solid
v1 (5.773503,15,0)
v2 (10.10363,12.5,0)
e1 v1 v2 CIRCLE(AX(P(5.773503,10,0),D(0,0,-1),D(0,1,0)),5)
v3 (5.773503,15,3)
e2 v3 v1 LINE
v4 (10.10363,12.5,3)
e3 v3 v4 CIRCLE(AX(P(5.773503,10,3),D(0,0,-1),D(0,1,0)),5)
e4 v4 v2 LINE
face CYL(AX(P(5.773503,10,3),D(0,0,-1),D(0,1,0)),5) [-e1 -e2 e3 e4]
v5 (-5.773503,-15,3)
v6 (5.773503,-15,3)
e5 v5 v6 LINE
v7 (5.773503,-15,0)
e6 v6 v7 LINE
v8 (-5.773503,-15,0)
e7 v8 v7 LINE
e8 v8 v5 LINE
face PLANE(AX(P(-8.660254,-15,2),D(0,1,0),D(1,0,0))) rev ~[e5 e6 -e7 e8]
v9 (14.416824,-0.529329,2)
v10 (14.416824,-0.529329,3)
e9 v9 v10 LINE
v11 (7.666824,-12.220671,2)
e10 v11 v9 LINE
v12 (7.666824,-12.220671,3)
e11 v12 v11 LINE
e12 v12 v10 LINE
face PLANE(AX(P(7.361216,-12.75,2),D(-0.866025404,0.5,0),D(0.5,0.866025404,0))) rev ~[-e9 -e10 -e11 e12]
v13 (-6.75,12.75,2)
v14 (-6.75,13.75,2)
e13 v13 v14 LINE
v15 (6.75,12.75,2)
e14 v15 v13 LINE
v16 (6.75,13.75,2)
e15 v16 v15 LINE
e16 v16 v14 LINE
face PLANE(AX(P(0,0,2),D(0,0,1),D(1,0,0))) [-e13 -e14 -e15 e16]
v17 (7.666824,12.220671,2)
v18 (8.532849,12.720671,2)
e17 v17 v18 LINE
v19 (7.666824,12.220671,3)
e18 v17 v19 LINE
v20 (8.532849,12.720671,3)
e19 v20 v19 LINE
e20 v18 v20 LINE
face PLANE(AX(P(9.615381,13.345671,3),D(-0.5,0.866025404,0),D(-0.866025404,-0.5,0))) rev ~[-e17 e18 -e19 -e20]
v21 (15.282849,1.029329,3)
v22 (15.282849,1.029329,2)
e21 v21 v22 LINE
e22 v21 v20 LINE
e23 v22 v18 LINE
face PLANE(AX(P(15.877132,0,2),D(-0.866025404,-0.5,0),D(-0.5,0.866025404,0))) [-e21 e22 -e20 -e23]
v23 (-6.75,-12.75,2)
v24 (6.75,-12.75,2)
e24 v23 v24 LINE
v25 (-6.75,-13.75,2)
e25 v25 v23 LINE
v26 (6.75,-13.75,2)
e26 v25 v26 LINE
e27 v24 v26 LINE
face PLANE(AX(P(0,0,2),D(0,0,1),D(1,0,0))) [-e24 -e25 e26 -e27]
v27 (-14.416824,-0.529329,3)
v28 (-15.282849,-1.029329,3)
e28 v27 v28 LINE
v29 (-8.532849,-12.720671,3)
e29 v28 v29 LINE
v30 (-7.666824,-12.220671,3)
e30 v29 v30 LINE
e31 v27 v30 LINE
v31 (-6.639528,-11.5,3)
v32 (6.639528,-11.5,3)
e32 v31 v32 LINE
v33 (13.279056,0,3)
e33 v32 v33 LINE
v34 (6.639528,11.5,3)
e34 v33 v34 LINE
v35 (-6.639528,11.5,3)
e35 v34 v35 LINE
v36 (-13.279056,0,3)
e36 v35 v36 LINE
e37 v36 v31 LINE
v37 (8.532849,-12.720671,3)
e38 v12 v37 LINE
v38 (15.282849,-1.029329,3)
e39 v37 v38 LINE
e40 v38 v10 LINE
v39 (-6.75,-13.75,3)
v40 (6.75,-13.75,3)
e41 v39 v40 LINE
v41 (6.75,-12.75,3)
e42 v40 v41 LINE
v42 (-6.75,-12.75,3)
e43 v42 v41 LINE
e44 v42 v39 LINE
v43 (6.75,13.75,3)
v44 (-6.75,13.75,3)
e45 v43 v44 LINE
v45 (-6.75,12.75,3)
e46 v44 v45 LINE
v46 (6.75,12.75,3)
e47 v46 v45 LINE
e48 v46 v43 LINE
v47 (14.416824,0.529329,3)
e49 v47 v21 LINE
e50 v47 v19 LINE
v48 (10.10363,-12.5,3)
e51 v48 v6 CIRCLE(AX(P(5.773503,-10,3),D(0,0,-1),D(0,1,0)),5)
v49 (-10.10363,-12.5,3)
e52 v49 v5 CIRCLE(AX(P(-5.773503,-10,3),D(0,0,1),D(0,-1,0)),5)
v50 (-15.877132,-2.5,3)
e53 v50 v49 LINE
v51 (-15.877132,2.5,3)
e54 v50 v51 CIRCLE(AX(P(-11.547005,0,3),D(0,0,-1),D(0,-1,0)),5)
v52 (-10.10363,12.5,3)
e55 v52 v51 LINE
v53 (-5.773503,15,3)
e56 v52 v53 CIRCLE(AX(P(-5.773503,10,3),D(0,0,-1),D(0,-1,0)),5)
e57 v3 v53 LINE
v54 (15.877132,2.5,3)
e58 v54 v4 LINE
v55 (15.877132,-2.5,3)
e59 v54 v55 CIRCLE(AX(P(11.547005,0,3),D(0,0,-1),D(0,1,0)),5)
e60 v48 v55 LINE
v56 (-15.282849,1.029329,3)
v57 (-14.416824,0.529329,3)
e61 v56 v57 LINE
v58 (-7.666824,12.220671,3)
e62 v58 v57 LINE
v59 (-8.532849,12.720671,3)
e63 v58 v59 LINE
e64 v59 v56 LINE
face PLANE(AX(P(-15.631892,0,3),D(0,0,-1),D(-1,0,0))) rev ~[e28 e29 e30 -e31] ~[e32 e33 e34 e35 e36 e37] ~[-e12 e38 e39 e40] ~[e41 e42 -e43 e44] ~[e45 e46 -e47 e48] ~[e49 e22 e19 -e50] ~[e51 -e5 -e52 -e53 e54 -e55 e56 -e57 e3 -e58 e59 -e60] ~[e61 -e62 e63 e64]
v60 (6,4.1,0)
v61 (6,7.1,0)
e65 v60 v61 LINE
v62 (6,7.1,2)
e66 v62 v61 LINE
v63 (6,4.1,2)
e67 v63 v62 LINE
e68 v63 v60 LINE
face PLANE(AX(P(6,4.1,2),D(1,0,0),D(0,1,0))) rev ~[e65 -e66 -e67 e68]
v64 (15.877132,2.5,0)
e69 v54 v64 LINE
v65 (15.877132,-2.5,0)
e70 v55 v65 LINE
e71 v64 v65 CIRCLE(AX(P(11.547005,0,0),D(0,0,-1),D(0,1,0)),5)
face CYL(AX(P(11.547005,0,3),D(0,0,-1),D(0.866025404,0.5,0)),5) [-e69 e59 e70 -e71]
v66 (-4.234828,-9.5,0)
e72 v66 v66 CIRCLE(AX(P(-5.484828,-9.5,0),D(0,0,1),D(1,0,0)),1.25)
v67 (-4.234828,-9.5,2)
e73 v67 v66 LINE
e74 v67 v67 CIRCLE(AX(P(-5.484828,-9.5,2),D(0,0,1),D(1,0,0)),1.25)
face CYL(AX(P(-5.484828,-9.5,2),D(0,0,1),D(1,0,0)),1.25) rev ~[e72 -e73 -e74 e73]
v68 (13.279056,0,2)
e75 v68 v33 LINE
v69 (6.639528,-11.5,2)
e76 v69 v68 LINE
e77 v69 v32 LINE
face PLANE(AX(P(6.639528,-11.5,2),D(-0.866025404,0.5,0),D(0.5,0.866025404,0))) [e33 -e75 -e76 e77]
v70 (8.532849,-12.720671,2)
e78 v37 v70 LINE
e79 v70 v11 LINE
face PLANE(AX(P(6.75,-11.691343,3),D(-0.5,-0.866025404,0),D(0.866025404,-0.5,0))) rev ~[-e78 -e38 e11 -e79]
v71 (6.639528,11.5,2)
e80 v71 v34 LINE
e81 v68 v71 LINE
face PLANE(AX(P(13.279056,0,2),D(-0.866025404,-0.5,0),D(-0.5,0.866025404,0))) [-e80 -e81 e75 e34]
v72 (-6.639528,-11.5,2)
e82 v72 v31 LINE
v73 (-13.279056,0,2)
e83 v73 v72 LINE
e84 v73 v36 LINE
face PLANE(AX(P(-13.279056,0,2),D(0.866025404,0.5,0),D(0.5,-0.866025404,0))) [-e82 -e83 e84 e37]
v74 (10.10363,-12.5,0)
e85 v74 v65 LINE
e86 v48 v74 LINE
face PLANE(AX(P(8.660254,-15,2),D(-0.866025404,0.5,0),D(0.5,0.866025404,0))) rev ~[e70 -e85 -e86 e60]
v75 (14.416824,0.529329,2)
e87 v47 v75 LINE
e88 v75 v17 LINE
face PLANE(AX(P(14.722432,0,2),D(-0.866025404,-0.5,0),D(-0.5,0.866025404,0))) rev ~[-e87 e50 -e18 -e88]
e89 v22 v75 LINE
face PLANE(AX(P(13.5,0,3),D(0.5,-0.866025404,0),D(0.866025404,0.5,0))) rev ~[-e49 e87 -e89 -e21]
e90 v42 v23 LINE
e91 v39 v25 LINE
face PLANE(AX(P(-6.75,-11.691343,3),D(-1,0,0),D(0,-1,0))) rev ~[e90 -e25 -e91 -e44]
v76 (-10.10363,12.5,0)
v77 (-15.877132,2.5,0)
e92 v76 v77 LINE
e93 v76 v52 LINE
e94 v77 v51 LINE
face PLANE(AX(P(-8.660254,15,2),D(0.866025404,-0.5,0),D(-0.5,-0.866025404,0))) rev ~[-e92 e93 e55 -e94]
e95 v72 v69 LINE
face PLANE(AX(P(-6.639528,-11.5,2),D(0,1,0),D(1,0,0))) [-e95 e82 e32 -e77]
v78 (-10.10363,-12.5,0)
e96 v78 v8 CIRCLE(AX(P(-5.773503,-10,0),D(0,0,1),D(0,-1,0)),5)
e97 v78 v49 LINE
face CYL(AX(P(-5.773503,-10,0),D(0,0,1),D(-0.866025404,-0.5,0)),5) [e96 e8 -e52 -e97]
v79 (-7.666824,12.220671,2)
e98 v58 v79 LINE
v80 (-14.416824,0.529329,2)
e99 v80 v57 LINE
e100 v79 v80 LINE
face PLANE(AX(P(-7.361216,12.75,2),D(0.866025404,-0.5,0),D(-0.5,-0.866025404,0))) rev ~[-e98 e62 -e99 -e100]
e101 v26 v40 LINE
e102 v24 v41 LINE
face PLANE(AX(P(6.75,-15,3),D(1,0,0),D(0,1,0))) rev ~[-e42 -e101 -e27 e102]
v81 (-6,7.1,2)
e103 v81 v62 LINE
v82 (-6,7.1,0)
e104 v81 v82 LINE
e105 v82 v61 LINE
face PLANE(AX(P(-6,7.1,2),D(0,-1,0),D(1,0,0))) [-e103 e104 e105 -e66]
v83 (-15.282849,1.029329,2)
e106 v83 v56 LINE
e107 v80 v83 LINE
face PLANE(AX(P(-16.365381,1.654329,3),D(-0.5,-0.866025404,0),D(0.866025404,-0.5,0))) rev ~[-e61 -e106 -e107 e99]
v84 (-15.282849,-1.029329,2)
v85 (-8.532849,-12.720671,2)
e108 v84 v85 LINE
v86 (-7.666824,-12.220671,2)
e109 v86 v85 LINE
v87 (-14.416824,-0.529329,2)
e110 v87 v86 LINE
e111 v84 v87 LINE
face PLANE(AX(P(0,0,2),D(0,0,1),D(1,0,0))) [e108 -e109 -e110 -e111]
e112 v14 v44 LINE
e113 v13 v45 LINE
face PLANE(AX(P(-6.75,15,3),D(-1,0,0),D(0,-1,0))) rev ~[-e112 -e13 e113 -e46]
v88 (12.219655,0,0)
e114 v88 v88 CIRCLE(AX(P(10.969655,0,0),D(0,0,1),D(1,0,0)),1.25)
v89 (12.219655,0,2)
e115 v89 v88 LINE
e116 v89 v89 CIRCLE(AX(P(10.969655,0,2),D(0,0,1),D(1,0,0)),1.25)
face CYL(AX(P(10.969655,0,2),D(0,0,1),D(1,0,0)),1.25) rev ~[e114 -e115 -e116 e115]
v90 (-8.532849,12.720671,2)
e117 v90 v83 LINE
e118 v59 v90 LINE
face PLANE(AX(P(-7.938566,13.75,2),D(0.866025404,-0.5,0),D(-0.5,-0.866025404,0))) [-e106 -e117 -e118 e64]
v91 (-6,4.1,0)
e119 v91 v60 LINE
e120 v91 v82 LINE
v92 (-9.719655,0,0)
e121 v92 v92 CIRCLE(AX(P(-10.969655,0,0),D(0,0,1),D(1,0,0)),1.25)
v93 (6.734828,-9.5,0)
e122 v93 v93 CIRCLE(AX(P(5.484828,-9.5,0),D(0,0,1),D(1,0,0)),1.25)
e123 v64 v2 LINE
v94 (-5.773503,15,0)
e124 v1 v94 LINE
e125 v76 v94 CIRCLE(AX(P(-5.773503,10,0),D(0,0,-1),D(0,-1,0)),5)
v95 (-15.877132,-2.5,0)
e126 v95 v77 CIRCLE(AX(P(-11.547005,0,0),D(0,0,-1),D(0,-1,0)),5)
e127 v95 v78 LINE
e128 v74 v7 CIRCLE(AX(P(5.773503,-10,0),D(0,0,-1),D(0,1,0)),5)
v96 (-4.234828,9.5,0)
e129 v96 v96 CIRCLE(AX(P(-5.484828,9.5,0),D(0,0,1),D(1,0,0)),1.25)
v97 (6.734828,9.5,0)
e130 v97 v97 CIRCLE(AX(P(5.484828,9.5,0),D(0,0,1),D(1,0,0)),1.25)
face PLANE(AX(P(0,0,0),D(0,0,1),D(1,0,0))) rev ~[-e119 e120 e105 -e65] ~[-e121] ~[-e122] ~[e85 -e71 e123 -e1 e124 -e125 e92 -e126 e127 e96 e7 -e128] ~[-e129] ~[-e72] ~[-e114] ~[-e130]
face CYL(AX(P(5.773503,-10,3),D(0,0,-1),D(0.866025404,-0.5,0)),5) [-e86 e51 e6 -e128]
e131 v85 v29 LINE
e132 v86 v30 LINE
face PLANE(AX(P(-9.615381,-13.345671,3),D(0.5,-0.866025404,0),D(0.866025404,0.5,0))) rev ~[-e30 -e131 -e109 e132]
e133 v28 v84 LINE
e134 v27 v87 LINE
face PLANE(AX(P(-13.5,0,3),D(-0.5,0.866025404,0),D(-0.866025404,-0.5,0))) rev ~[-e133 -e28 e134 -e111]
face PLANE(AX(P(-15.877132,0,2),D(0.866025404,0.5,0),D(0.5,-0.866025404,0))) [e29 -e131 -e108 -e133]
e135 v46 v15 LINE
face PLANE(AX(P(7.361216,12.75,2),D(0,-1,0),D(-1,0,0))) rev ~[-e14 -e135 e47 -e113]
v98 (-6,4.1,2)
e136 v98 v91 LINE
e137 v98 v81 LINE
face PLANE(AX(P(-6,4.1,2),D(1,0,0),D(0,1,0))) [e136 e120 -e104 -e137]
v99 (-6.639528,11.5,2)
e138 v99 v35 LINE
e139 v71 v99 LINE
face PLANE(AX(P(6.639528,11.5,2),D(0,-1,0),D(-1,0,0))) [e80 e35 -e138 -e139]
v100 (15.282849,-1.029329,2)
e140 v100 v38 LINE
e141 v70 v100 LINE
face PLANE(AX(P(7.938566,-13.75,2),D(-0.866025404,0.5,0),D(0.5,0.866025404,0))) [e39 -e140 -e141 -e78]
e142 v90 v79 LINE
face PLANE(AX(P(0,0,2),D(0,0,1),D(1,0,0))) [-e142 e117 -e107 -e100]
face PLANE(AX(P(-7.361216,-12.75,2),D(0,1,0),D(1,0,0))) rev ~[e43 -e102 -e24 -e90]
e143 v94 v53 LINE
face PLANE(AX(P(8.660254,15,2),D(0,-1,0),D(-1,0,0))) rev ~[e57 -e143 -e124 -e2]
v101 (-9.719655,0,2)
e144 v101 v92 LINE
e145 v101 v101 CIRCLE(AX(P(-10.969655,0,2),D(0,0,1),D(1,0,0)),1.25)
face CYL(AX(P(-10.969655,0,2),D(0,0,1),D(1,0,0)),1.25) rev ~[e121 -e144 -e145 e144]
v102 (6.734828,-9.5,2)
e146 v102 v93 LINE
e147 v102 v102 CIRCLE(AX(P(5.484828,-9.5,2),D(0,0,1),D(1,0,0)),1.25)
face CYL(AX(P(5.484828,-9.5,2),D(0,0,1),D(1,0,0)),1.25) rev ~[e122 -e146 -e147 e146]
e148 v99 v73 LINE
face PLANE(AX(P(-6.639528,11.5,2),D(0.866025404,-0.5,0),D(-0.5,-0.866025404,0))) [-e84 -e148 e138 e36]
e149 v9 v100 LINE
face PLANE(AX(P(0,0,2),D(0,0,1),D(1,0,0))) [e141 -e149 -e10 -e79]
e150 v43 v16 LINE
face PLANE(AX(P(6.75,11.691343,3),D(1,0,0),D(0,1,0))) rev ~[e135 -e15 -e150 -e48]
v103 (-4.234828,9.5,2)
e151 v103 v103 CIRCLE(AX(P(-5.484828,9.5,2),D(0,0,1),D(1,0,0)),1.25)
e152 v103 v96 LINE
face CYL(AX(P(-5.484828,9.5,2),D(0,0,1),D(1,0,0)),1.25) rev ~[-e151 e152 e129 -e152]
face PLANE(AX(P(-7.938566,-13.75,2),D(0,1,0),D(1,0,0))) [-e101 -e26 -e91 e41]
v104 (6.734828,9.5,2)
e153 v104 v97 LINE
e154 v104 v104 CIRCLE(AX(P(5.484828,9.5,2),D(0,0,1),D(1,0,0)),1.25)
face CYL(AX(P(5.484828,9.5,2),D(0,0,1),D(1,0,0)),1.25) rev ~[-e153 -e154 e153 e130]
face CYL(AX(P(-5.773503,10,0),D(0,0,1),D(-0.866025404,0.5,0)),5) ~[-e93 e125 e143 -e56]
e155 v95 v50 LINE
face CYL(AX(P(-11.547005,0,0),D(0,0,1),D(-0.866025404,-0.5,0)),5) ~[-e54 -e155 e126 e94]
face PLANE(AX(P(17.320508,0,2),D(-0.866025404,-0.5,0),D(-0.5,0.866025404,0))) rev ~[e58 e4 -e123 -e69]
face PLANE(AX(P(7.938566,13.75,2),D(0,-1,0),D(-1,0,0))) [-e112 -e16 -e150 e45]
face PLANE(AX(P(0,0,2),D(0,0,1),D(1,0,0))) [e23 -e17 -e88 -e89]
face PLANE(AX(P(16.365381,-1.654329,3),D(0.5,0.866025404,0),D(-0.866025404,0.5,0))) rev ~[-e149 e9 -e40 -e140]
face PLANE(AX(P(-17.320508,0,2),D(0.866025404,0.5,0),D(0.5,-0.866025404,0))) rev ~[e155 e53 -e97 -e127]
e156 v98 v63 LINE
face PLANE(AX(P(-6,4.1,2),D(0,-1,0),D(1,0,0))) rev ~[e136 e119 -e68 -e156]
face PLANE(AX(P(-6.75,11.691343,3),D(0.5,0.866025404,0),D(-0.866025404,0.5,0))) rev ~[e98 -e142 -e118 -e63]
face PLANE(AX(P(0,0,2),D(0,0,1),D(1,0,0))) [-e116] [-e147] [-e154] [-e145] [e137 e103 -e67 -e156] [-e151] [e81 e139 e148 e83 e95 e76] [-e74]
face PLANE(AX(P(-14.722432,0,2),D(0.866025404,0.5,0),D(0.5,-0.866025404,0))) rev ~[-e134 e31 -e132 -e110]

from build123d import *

# Parameters (mm, degrees)
EXTRUDE_1_DEPTH     = 2
EXTRUDE_2_DEPTH     = 1
EXTRUDE_3_DEPTH     = 1
SKETCH_4_W          = 12
SKETCH_4_H          = 3
CUT_EXTRUDE_1_DEPTH = 3
SKETCH_5_R          = 1.25
CUT_EXTRUDE_2_DEPTH = 3
EXTRUDE_5_REACH     = 5
FILLET_1_R          = 5


with BuildPart() as part:
    # Эскиз1 → Бобышка-Вытянуть1 (new body)
    with BuildSketch(Plane.XY):
        Polygon((8.660254038, 15), (-8.660254038, 15), (-17.320508076, 0), (-8.660254038, -15), (8.660254038, -15), (17.320508076, 0), align=None)
    extrude(amount=EXTRUDE_1_DEPTH)

    # Эскиз2 → Бобышка-Вытянуть2 (add)
    with BuildSketch(Plane.XY.offset(2)):
        Polygon((8.660254038, 15), (-8.660254038, 15), (-17.320508076, 0), (-8.660254038, -15), (8.660254038, -15), (17.320508076, 0), align=None)
        Polygon((7.938566201, 13.75), (-7.938566201, 13.75), (-15.877132403, 0), (-7.938566201, -13.75), (7.938566201, -13.75), (15.877132403, 0), align=None, mode=Mode.SUBTRACT)
    extrude(amount=EXTRUDE_2_DEPTH)

    # Эскиз3 → Бобышка-Вытянуть3 (add)
    with BuildSketch(Plane.XY.offset(2)):
        Polygon((7.361215932, 12.75), (-7.361215932, 12.75), (-14.722431864, 0), (-7.361215932, -12.75), (7.361215932, -12.75), (14.722431864, 0), align=None)
        Polygon((6.639528096, 11.5), (-6.639528096, 11.5), (-13.279056191, 0), (-6.639528096, -11.5), (6.639528096, -11.5), (13.279056191, 0), align=None, mode=Mode.SUBTRACT)
    extrude(amount=EXTRUDE_3_DEPTH)

    # Эскиз4 → Вырез-Вытянуть1 (cut, through all)
    with BuildSketch(Plane.XY.offset(2)):
        with Locations((0, 5.6)):
            Rectangle(SKETCH_4_W, SKETCH_4_H)
    extrude(amount=-CUT_EXTRUDE_1_DEPTH, mode=Mode.SUBTRACT)

    # Эскиз5 → Вырез-Вытянуть2 (cut, through all)
    with BuildSketch(Plane.XY.offset(2)):
        with Locations((-5.484827557, 9.5)):
            Circle(SKETCH_5_R)
        with Locations((5.484827557, 9.5)):
            Circle(SKETCH_5_R)
        with Locations((10.969655115, 0)):
            Circle(SKETCH_5_R)
        with Locations((5.484827557, -9.5)):
            Circle(SKETCH_5_R)
        with Locations((-5.484827557, -9.5)):
            Circle(SKETCH_5_R)
        with Locations((-10.969655115, 0)):
            Circle(SKETCH_5_R)
    extrude(amount=-CUT_EXTRUDE_2_DEPTH, mode=Mode.SUBTRACT)

    # Эскиз7 → Бобышка-Вытянуть5 (add, up to next)
    with BuildSketch(Plane.XY.offset(3), mode=Mode.PRIVATE) as extrude_5_sk1:
        Polygon((-6.75, 11.691342951), (-9.615381057, 13.345671476), (-8.660254038, 15), (-6.75, 15), align=None)
    extrude_5_tool1 = extrude(extrude_5_sk1.sketch, amount=-EXTRUDE_5_REACH, mode=Mode.PRIVATE) - part.part
    add(extrude_5_tool1.solids().sort_by_distance((-7.864315, 13.621393, 3))[0])
    # Эскиз7 → Бобышка-Вытянуть5 (add, up to next)
    with BuildSketch(Plane.XY.offset(3), mode=Mode.PRIVATE) as extrude_5_sk2:
        Polygon((6.75, 11.691342951), (6.75, 15), (8.660254038, 15), (9.615381057, 13.345671476), align=None)
    extrude_5_tool2 = extrude(extrude_5_sk2.sketch, amount=-EXTRUDE_5_REACH, mode=Mode.PRIVATE) - part.part
    add(extrude_5_tool2.solids().sort_by_distance((7.864315, 13.621393, 3))[0])
    # Эскиз7 → Бобышка-Вытянуть5 (add, up to next)
    with BuildSketch(Plane.XY.offset(3), mode=Mode.PRIVATE) as extrude_5_sk3:
        Polygon((13.5, 0), (16.365381057, 1.654328524), (17.320508076, 0), (16.365381057, -1.654328524), align=None)
    extrude_5_tool3 = extrude(extrude_5_sk3.sketch, amount=-EXTRUDE_5_REACH, mode=Mode.PRIVATE) - part.part
    add(extrude_5_tool3.solids().sort_by_distance((15.72863, 0, 3))[0])
    # Эскиз7 → Бобышка-Вытянуть5 (add, up to next)
    with BuildSketch(Plane.XY.offset(3), mode=Mode.PRIVATE) as extrude_5_sk4:
        Polygon((6.75, -11.691342951), (9.615381057, -13.345671476), (8.660254038, -15), (6.75, -15), align=None)
    extrude_5_tool4 = extrude(extrude_5_sk4.sketch, amount=-EXTRUDE_5_REACH, mode=Mode.PRIVATE) - part.part
    add(extrude_5_tool4.solids().sort_by_distance((7.864315, -13.621393, 3))[0])
    # Эскиз7 → Бобышка-Вытянуть5 (add, up to next)
    with BuildSketch(Plane.XY.offset(3), mode=Mode.PRIVATE) as extrude_5_sk5:
        Polygon((-6.75, -11.691342951), (-6.75, -15), (-8.660254038, -15), (-9.615381057, -13.345671476), align=None)
    extrude_5_tool5 = extrude(extrude_5_sk5.sketch, amount=-EXTRUDE_5_REACH, mode=Mode.PRIVATE) - part.part
    add(extrude_5_tool5.solids().sort_by_distance((-7.864315, -13.621393, 3))[0])
    # Эскиз7 → Бобышка-Вытянуть5 (add, up to next)
    with BuildSketch(Plane.XY.offset(3), mode=Mode.PRIVATE) as extrude_5_sk6:
        Polygon((-13.5, 0), (-16.365381057, -1.654328524), (-17.320508076, 0), (-16.365381057, 1.654328524), align=None)
    extrude_5_tool6 = extrude(extrude_5_sk6.sketch, amount=-EXTRUDE_5_REACH, mode=Mode.PRIVATE) - part.part
    add(extrude_5_tool6.solids().sort_by_distance((-15.72863, 0, 3))[0])

    # Скругление1
    fillet_1_edges = [part.edges().sort_by_distance(p)[0] for p in [
        (17.320508076, 0, 1.5),
        (8.660254038, -15, 1.5),
        (-8.660254038, -15, 1.5),
        (-17.320508076, 0, 1.5),
        (-8.660254038, 15, 1.5),
        (8.660254038, 15, 1.5),
    ]]
    fillet(fillet_1_edges, radius=FILLET_1_R)


solid = part.part
